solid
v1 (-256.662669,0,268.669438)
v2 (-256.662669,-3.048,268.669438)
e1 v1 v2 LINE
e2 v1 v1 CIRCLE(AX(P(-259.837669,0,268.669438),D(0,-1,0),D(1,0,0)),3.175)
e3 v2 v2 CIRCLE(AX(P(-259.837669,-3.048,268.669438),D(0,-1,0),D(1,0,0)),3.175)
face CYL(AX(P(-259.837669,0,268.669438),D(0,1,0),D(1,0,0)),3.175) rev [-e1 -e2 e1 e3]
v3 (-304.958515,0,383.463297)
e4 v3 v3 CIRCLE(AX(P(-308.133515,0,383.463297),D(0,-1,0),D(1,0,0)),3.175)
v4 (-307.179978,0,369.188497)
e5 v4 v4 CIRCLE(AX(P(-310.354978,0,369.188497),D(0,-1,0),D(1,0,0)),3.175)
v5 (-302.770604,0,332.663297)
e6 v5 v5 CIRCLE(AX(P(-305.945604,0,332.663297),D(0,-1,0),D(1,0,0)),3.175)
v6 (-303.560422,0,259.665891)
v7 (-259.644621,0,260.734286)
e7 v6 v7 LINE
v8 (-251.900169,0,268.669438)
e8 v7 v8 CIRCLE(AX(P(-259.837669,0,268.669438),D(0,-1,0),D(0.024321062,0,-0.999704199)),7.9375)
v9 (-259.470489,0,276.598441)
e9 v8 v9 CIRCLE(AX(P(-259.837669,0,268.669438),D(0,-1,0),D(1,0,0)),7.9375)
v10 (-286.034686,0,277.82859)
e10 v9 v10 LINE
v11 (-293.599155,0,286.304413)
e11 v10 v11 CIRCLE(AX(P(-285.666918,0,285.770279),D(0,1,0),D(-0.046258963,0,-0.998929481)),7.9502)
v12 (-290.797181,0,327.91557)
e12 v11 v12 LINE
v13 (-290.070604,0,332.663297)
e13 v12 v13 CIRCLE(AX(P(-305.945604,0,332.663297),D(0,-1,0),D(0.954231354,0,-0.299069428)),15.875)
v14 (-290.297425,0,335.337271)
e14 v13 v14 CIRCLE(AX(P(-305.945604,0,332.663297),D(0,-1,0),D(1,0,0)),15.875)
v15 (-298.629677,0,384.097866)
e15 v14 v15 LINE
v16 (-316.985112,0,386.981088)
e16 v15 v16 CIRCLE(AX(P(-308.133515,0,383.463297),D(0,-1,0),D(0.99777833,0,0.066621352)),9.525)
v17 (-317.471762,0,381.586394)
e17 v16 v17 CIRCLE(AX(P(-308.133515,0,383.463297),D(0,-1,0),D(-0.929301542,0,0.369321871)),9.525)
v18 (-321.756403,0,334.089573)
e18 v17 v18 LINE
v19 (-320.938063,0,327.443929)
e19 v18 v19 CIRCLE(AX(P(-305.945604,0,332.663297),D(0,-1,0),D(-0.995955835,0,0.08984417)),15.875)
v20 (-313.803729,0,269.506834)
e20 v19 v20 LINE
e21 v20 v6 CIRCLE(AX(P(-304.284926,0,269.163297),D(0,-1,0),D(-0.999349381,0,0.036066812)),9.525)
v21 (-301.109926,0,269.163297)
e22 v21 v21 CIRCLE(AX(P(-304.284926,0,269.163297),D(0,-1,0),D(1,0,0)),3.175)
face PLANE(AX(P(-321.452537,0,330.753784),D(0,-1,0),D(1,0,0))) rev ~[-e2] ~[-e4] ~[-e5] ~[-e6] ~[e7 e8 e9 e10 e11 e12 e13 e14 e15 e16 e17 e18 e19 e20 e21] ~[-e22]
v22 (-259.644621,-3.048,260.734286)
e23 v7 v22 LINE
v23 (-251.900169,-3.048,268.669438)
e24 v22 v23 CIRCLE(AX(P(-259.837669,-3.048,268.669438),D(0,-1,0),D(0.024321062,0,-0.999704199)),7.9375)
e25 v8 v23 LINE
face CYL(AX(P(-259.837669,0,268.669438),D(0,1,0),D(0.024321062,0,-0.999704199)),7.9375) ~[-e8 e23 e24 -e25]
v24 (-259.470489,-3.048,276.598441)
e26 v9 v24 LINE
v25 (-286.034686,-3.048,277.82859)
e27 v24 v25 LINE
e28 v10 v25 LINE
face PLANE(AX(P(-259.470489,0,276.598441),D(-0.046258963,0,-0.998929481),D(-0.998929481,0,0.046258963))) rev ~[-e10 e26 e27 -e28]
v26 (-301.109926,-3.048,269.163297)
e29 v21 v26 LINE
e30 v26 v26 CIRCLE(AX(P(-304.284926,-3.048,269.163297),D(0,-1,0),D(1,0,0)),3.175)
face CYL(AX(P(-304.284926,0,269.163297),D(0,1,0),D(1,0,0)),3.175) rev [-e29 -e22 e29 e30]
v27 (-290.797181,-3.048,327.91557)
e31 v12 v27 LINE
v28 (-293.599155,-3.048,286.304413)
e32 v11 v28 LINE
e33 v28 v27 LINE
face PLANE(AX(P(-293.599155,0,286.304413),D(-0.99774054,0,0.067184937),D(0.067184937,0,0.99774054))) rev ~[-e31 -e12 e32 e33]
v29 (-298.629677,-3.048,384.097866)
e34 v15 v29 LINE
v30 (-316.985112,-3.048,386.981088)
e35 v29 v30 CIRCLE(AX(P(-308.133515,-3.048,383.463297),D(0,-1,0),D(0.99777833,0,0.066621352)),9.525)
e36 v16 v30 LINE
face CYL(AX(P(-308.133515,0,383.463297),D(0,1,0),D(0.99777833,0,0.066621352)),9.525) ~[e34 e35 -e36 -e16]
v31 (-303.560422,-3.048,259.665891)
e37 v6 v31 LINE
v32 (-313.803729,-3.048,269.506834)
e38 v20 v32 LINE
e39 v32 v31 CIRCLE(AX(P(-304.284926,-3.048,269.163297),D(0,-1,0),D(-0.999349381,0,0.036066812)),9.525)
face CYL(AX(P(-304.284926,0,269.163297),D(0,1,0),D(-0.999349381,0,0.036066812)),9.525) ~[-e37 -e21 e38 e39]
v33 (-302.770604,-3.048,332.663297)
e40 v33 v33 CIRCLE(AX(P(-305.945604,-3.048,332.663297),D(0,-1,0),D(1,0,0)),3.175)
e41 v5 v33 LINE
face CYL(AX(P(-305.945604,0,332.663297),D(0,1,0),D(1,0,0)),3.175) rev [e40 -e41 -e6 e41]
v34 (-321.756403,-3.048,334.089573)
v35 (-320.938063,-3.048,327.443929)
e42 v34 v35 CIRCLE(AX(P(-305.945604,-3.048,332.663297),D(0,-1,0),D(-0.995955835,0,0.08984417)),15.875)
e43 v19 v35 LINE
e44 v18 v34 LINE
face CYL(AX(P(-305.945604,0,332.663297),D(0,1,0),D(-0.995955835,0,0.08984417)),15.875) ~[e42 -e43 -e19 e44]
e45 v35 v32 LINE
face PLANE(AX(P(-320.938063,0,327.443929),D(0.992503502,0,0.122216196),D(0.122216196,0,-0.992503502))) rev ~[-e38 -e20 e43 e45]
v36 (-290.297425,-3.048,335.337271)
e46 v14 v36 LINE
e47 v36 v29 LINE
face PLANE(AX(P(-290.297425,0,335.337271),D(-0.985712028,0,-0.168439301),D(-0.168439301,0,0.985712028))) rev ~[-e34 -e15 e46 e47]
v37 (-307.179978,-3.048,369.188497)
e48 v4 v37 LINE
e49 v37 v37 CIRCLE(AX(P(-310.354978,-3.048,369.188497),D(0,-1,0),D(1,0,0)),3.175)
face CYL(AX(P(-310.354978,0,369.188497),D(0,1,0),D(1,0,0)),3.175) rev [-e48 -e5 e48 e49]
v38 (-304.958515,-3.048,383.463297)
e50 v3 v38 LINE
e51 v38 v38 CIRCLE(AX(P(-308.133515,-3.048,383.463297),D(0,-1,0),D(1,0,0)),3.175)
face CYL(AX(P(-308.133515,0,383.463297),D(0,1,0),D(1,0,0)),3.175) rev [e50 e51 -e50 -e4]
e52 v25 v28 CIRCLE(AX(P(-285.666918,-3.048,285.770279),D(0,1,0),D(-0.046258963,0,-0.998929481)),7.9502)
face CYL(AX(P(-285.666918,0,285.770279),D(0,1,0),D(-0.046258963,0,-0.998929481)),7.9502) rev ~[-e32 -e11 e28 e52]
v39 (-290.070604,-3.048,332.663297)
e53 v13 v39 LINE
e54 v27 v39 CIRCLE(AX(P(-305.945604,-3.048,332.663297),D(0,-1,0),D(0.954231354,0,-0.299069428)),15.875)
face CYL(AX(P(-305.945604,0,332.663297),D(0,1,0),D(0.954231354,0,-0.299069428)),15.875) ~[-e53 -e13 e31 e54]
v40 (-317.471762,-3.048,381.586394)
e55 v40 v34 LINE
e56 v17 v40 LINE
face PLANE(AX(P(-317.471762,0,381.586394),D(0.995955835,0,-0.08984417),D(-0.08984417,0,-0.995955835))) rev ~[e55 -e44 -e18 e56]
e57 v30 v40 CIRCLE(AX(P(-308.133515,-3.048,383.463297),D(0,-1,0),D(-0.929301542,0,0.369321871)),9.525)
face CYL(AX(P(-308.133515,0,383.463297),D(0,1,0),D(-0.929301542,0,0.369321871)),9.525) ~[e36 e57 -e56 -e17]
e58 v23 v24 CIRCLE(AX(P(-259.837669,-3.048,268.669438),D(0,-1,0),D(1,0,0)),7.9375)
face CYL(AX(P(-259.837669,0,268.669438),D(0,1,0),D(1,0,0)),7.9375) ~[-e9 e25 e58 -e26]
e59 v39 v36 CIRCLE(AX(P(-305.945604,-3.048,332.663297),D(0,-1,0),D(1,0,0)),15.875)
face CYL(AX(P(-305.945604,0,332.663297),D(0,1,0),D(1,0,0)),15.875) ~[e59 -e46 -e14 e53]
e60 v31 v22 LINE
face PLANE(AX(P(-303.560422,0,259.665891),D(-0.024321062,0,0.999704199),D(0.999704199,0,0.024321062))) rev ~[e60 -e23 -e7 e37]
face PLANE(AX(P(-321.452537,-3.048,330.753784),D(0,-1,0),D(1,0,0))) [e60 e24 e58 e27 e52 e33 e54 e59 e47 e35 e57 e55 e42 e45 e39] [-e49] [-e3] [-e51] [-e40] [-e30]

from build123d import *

# Parameters (mm, degrees)
F0_R     = 3.175
F1_DEPTH = 3.048


with BuildPart() as f1:
    # F0 (on Front) → F1 (new body)
    with BuildSketch(Plane.XZ):
        with BuildLine():
            ThreePointArc((-321.7564025912, 334.0895734726), (-321.7015968064, 330.7231151585), (-320.9380625421, 327.44392918))
            Line((-320.9380625421, 327.44392918), (-321.7564025912, 334.0895734726))
        make_face()
        with BuildLine():
            Line((-290.2974252691, 335.3372711663), (-290.7971809635, 327.9155701039))
            ThreePointArc((-290.7971809635, 327.9155701039), (-290.2532992904, 330.2617962932), (-290.0706037123, 332.663297268))
            ThreePointArc((-290.0706037123, 332.663297268), (-290.1274107405, 334.0050856666), (-290.2974252691, 335.3372711663))
        make_face()
        with BuildLine():
            ThreePointArc((-316.9851124556, 386.9810880924), (-317.6199945985, 384.3190629907), (-317.4717623694, 381.5863939322))
            Line((-317.4717623694, 381.5863939322), (-316.9851124556, 386.9810880924))
        make_face()
        with BuildLine():
            ThreePointArc((-259.6446209066, 260.734286263), (-254.1571663565, 263.125451315), (-251.9001693332, 268.6694383444))
            ThreePointArc((-251.9001693332, 268.6694383444), (-254.0966588989, 274.1507434301), (-259.4704888149, 276.5984411012))
            ThreePointArc((-259.4704888149, 276.5984411012), (-267.7746912117, 268.7565586629), (-259.6446209066, 260.734286263))
        make_face()
        with Locations((-259.8376693332, 268.6694383444)):
            Circle(F0_R, mode=Mode.SUBTRACT)
        with BuildLine():
            ThreePointArc((-313.8037286071, 269.5068336566), (-310.883862187, 262.294551898), (-303.5604223098, 259.665891319))
            ThreePointArc((-303.5604223098, 259.665891319), (-297.2982770473, 262.6893212991), (-294.7599257543, 269.163297268))
            ThreePointArc((-294.7599257543, 269.163297268), (-304.1131296143, 278.6867478551), (-313.8037286071, 269.5068336566))
        make_face()
        with Locations((-304.2849257543, 269.163297268)):
            Circle(F0_R, mode=Mode.SUBTRACT)
        with BuildLine():
            ThreePointArc((-259.6446209066, 260.734286263), (-267.7746912117, 268.7565586629), (-259.4704888149, 276.5984411012))
            Line((-259.4704888149, 276.5984411012), (-286.0346860353, 277.8285902137))
            ThreePointArc((-286.0346860353, 277.8285902137), (-291.5983945164, 280.476578712), (-293.5991548657, 286.3044130588))
            Line((-293.5991548657, 286.3044130588), (-290.7971809635, 327.9155701039))
            ThreePointArc((-290.7971809635, 327.9155701039), (-305.6972240105, 316.790240457), (-320.9380625421, 327.44392918))
            Line((-320.9380625421, 327.44392918), (-313.8037286071, 269.5068336566))
            ThreePointArc((-313.8037286071, 269.5068336566), (-304.1131296143, 278.6867478551), (-294.7599257543, 269.163297268))
            ThreePointArc((-294.7599257543, 269.163297268), (-297.2982770473, 262.6893212991), (-303.5604223098, 259.665891319))
            Line((-303.5604223098, 259.665891319), (-259.6446209066, 260.734286263))
        make_face()
        with BuildLine():
            ThreePointArc((-321.7564025912, 334.0895734726), (-306.5747290855, 348.5258262676), (-290.2974252691, 335.3372711663))
            Line((-290.2974252691, 335.3372711663), (-298.6296766797, 384.0978656477))
            ThreePointArc((-298.6296766797, 384.0978656477), (-298.6138070933, 383.78075783), (-298.6085152711, 383.463297268))
            ThreePointArc((-298.6085152711, 383.463297268), (-307.1904295409, 373.9851004824), (-317.4717623694, 381.5863939322))
            Line((-317.4717623694, 381.5863939322), (-321.7564025912, 334.0895734726))
        make_face()
        with Locations((-310.3549778461, 369.188497268)):
            Circle(F0_R, mode=Mode.SUBTRACT)
        with BuildLine():
            ThreePointArc((-298.6085152711, 383.463297268), (-298.6138070933, 383.78075783), (-298.6296766797, 384.0978656477))
            ThreePointArc((-298.6296766797, 384.0978656477), (-306.6554768313, 392.8729214565), (-316.9851124556, 386.9810880924))
            Line((-316.9851124556, 386.9810880924), (-317.4717623694, 381.5863939322))
            ThreePointArc((-317.4717623694, 381.5863939322), (-307.1904295409, 373.9851004824), (-298.6085152711, 383.463297268))
        make_face()
        with Locations((-308.1335152711, 383.463297268)):
            Circle(F0_R, mode=Mode.SUBTRACT)
        with BuildLine():
            ThreePointArc((-320.9380625421, 327.44392918), (-305.6972240105, 316.790240457), (-290.7971809635, 327.9155701039))
            Line((-290.7971809635, 327.9155701039), (-290.2974252691, 335.3372711663))
            ThreePointArc((-290.2974252691, 335.3372711663), (-306.5747290855, 348.5258262676), (-321.7564025912, 334.0895734726))
            Line((-321.7564025912, 334.0895734726), (-320.9380625421, 327.44392918))
        make_face()
        with Locations((-305.9456037123, 332.663297268)):
            Circle(F0_R, mode=Mode.SUBTRACT)
    extrude(amount=F1_DEPTH)


solid = f1.part
